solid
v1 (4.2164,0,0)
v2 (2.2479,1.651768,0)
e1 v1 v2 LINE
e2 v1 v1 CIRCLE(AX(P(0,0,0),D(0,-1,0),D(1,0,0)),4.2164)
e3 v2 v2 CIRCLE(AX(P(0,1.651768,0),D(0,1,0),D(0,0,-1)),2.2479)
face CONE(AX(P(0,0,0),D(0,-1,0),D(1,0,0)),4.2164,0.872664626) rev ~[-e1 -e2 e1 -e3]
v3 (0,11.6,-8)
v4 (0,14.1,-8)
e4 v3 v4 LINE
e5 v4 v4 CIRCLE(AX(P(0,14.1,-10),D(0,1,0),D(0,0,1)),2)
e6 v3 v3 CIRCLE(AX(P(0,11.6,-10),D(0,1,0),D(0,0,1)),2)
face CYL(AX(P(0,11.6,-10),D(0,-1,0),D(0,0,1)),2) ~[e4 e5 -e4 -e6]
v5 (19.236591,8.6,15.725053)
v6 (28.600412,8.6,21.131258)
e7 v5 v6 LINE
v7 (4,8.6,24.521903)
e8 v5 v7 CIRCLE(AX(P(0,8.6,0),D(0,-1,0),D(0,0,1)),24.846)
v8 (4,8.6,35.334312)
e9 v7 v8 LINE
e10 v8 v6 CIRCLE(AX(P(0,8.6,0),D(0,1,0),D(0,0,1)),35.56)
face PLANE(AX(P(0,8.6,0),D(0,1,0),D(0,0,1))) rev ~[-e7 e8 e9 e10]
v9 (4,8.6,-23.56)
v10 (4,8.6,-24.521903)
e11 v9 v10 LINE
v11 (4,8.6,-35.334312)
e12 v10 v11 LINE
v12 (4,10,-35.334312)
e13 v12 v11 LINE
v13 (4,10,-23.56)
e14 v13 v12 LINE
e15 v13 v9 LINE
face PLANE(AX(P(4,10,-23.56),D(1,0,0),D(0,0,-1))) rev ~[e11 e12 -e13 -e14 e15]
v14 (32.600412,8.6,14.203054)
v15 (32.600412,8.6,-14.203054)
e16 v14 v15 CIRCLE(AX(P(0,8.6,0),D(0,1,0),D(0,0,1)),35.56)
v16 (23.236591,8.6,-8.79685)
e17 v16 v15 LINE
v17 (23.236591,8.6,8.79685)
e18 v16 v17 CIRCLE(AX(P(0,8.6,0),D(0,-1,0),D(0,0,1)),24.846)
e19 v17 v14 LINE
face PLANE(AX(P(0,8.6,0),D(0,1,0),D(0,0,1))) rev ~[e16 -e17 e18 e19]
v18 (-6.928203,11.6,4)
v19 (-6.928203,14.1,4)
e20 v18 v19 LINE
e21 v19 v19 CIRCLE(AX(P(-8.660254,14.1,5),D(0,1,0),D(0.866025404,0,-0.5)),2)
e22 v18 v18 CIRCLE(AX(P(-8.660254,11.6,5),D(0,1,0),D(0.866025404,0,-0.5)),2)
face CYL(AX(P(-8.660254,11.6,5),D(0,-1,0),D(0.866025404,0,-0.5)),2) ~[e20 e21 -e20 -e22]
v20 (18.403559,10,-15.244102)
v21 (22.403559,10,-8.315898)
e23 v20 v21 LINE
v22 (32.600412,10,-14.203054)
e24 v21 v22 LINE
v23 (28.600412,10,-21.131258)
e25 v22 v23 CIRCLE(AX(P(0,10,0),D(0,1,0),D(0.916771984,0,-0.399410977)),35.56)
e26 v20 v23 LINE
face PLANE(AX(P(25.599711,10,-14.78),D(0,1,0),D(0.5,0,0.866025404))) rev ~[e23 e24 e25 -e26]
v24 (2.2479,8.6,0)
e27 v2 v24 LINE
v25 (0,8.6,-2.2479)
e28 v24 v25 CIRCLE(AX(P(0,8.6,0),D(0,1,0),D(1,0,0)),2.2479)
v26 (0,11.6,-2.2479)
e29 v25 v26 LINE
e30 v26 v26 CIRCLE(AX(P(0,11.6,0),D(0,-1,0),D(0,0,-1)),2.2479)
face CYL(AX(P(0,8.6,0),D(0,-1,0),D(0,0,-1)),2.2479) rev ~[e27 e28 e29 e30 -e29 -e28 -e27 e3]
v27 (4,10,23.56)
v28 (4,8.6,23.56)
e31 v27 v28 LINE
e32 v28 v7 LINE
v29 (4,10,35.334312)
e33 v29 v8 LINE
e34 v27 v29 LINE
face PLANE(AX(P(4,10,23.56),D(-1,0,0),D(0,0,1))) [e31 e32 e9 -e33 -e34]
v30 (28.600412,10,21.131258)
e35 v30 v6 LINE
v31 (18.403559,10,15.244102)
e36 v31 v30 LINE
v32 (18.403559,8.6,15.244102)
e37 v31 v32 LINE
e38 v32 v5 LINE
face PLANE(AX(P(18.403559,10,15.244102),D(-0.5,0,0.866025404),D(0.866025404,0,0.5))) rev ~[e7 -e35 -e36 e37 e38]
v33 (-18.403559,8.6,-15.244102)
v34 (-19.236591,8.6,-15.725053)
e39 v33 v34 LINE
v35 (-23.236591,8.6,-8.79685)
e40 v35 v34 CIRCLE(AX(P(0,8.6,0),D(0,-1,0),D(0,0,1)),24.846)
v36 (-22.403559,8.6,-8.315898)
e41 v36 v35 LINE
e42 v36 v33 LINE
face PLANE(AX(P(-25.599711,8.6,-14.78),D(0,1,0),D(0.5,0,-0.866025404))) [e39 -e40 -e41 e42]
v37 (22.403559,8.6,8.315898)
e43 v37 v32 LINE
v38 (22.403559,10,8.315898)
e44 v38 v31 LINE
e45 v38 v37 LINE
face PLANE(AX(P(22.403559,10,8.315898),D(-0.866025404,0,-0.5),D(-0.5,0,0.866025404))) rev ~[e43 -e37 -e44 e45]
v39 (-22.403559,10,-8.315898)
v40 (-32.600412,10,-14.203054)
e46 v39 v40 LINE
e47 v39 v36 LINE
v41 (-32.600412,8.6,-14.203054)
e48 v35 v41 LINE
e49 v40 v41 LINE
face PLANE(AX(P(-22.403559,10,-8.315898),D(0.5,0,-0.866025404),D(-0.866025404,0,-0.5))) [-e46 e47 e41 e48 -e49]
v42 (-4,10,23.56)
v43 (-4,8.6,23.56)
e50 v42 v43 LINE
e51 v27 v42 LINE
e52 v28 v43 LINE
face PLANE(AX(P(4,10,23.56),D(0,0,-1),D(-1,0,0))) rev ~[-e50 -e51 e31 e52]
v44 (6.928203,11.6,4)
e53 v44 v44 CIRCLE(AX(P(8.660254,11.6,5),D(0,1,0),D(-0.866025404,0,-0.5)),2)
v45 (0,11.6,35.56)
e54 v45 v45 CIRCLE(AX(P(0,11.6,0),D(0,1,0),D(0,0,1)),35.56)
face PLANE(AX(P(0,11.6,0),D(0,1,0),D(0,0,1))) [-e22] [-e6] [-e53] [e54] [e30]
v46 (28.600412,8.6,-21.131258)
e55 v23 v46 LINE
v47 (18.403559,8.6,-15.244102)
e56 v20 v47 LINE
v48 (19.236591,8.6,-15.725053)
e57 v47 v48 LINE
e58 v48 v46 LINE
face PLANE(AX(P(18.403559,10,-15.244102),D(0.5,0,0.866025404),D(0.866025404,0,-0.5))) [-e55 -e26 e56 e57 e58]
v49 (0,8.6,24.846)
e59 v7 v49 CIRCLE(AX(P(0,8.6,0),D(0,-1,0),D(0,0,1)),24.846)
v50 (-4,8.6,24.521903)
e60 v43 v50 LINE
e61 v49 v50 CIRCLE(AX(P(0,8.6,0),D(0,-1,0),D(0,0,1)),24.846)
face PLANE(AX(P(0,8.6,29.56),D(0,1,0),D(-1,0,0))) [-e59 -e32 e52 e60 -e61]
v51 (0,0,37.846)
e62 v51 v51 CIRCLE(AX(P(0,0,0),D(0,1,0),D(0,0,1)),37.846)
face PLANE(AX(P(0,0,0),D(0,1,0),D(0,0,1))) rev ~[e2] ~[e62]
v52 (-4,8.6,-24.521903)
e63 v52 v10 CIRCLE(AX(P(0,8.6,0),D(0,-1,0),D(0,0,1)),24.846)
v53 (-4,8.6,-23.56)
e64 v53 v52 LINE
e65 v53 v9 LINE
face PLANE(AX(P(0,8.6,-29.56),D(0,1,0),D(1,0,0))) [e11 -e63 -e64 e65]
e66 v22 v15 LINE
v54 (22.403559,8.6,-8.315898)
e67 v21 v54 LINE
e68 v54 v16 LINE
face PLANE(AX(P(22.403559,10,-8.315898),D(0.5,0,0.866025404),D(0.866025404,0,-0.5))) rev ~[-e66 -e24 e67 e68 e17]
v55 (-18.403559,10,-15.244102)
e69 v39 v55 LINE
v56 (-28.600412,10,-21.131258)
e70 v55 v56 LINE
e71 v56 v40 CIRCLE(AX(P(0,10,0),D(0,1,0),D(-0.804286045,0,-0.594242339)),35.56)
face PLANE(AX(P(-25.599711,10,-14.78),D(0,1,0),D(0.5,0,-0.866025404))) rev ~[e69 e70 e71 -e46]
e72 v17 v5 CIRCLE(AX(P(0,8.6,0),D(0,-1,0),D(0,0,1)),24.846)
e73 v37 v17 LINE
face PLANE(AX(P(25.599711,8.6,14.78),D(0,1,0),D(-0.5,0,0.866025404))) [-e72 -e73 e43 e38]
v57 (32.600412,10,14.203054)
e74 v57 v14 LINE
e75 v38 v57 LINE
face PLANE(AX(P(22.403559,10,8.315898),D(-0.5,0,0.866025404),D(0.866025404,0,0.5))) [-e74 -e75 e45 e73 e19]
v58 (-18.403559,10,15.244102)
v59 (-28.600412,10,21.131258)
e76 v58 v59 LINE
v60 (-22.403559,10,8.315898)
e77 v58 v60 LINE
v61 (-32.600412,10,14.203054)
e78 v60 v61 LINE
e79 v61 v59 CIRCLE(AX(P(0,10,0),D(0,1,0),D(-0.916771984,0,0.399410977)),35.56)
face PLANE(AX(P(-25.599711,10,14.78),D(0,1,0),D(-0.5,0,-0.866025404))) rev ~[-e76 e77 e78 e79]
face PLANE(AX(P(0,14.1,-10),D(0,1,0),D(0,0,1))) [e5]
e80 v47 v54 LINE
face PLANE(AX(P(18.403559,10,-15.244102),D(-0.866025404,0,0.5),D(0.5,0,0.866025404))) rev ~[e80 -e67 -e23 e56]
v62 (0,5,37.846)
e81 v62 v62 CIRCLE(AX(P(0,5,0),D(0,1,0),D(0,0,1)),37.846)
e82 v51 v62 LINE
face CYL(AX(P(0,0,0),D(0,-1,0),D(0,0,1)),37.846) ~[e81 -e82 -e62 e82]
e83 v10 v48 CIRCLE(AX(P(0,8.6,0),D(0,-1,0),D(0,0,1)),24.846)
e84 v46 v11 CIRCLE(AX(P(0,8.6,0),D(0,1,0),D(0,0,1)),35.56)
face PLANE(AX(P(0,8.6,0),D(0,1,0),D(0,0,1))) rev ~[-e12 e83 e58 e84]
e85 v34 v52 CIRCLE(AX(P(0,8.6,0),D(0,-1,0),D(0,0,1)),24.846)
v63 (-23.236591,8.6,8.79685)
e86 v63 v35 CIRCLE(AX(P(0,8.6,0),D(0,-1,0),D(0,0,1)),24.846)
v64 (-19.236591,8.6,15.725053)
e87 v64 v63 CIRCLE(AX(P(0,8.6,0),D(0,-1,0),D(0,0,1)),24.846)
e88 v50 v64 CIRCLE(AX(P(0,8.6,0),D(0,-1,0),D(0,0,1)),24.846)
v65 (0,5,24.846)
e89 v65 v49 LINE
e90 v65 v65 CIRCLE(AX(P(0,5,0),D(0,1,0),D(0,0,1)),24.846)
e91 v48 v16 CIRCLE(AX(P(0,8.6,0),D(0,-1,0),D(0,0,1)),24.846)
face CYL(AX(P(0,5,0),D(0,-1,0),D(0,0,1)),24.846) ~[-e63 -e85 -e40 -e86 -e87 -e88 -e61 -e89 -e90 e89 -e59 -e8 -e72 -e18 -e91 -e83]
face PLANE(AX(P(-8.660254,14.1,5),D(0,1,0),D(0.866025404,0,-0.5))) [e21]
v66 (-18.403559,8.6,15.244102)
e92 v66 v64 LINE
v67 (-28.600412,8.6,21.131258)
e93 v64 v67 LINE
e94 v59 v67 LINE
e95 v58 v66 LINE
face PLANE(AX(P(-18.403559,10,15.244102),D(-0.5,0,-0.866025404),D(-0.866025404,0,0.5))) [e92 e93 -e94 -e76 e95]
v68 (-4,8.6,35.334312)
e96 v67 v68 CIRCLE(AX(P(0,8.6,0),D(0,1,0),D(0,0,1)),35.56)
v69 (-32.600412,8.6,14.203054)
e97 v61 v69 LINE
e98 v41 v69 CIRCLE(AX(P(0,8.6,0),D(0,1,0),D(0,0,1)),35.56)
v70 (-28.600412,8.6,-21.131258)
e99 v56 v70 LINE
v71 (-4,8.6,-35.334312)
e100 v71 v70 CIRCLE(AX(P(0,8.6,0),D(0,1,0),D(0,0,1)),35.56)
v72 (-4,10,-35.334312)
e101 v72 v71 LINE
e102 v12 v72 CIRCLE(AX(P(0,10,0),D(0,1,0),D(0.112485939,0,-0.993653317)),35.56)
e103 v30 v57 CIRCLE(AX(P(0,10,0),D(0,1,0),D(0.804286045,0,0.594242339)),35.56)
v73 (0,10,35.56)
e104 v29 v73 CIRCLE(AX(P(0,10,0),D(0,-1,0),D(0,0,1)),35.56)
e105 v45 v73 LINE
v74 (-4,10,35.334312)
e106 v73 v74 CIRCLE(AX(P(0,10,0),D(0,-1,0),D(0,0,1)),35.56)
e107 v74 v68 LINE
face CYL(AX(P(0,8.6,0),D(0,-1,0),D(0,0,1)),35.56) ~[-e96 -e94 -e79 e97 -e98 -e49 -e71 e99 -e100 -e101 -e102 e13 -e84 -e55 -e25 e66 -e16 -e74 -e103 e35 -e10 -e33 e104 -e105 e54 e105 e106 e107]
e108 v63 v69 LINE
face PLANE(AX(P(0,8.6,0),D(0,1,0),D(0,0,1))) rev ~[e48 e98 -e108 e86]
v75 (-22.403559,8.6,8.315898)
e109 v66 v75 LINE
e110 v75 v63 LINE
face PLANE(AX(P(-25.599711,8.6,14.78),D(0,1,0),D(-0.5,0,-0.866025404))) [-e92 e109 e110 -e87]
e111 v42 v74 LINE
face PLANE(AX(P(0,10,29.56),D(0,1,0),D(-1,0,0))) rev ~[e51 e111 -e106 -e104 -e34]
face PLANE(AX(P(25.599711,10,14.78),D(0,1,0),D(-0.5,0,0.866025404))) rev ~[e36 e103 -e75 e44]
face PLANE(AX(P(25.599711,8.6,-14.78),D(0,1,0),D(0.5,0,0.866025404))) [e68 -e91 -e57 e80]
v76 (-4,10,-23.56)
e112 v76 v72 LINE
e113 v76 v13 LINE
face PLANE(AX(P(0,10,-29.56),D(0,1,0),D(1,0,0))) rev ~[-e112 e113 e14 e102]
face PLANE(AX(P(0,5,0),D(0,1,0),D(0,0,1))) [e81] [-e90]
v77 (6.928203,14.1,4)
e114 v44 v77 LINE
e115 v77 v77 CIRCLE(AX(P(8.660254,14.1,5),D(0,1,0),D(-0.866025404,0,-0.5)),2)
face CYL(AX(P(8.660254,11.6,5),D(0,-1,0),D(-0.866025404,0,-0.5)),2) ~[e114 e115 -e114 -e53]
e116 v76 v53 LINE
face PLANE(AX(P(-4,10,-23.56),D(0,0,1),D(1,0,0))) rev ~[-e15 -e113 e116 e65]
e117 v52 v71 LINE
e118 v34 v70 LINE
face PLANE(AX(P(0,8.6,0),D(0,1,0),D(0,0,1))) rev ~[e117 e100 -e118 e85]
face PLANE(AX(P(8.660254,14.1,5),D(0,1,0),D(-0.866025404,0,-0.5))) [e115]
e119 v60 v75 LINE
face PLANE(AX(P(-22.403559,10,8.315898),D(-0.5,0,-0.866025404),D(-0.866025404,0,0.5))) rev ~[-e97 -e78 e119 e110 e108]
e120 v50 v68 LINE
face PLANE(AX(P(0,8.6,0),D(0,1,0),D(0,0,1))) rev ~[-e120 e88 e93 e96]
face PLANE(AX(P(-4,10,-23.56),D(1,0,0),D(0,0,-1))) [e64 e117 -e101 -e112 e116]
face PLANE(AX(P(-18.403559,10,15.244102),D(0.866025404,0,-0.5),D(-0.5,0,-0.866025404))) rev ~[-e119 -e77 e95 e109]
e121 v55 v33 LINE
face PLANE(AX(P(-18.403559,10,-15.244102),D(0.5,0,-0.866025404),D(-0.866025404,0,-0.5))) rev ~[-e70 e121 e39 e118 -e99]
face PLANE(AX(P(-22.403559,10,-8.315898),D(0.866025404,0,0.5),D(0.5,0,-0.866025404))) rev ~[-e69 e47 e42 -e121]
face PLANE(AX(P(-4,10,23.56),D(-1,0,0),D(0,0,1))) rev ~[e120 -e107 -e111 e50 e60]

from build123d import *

# Parameters (mm, degrees)
SKETCH1_R                                         = 37.846
BOSS_EXTRUDE1_DEPTH                               = 5
SKETCH2_R                                         = 24.846
BOSS_EXTRUDE2_DEPTH                               = 5
SKETCH3_R                                         = 35.56
BOSS_EXTRUDE3_DEPTH                               = 1.6
SKETCH4_R                                         = 2
BOSS_EXTRUDE4_DEPTH                               = 2.5
CIRPATTERN1_COUNT                                 = 3
CSK_FOR_8_FLAT_HEAD_MACHINE_SCREW_100_D           = 4.4958
CSK_FOR_8_FLAT_HEAD_MACHINE_SCREW_100_CSINK_D     = 8.4328
CSK_FOR_8_FLAT_HEAD_MACHINE_SCREW_100_CSINK_ANGLE = 100
BOSS_EXTRUDE5_START                               = -3
SKETCH7_R                                         = 35.56
BOSS_EXTRUDE5_DEPTH                               = 3
CUT_EXTRUDE1_START                                = -1.6
SKETCH8_W                                         = 8
SKETCH8_H                                         = 12
CUT_EXTRUDE1_DEPTH                                = 1.4
CIRPATTERN2_COUNT                                 = 6
SKETCH9_R                                         = 2.2479
CUT_EXTRUDE2_DEPTH                                = 55.208850126


with BuildPart() as part:
    # Sketch1 → Boss-Extrude1 (new body)
    with BuildSketch(Plane(origin=(0, 0, 0), x_dir=(1, 0, 0), z_dir=(0, 1, 0))):
        with Locations(Location((0, 0, 0), (0, 0, 270))):
            Circle(SKETCH1_R)
    extrude(amount=BOSS_EXTRUDE1_DEPTH)

    # Sketch2 → Boss-Extrude2 (add)
    with BuildSketch(Plane(origin=(0, 5, 0), x_dir=(1, 0, 0), z_dir=(0, 1, 0))):
        with Locations(Location((0, 0, 0), (0, 0, 270))):
            Circle(SKETCH2_R)
    extrude(amount=BOSS_EXTRUDE2_DEPTH)

    # Sketch3 → Boss-Extrude3 (add)
    with BuildSketch(Plane(origin=(0, 10, 0), x_dir=(1, 0, 0), z_dir=(0, 1, 0))):
        with Locations(Location((0, 0, 0), (0, 0, 270))):
            Circle(SKETCH3_R)
    extrude(amount=BOSS_EXTRUDE3_DEPTH)

    # Sketch4 → Boss-Extrude4 (add)
    with BuildSketch(Plane(origin=(0, 11.6, 0), x_dir=(1, 0, 0), z_dir=(0, 1, 0))):
        with Locations(Location((0, 10, 0), (0, 0, 270))):
            Circle(SKETCH4_R)
    boss_extrude4 = extrude(amount=BOSS_EXTRUDE4_DEPTH)

    # CirPattern1: Boss-Extrude4 ×3 about axis
    cirpattern1_axis = Axis((0, 0, 0), (0, 1, 0))
    for i in range(1, CIRPATTERN1_COUNT):
        add(boss_extrude4.rotate(cirpattern1_axis, i * 360 / CIRPATTERN1_COUNT))

    # CSK for #8 Flat Head Machine Screw (100)1 (through all)
    with Locations(Plane(origin=(0, 0, 0), x_dir=(-1, 0, 0), z_dir=(0, -1, 0))):
        with Locations((0, 0)):
            CounterSinkHole(CSK_FOR_8_FLAT_HEAD_MACHINE_SCREW_100_D / 2, CSK_FOR_8_FLAT_HEAD_MACHINE_SCREW_100_CSINK_D / 2, counter_sink_angle=CSK_FOR_8_FLAT_HEAD_MACHINE_SCREW_100_CSINK_ANGLE)

    # Sketch7 → Boss-Extrude5 (add)
    with BuildSketch(Plane(origin=(0, 11.6, 0), x_dir=(1, 0, 0), z_dir=(0, 1, 0)).offset(BOSS_EXTRUDE5_START)):
        with Locations(Location((0, 0, 0), (0, 0, 270))):
            Circle(SKETCH7_R)
    extrude(amount=BOSS_EXTRUDE5_DEPTH)

    # Sketch8 → Cut-Extrude1 (cut)
    with BuildSketch(Plane(origin=(0, 11.6, 0), x_dir=(1, 0, 0), z_dir=(0, 1, 0)).offset(CUT_EXTRUDE1_START)):
        with Locations((0, 29.56)):
            Rectangle(SKETCH8_W, SKETCH8_H)
    cut_extrude1 = extrude(amount=-CUT_EXTRUDE1_DEPTH, mode=Mode.SUBTRACT)

    # CirPattern2: Cut-Extrude1 ×6 about axis
    cirpattern2_axis = Axis((0, 0, 0), (0, 1, 0))
    for i in range(1, CIRPATTERN2_COUNT):
        add(cut_extrude1.rotate(cirpattern2_axis, i * 360 / CIRPATTERN2_COUNT), mode=Mode.SUBTRACT)

    # Sketch9 → Cut-Extrude2 (cut, through all)
    with BuildSketch(Plane.XZ.offset(-8.6)):
        with Locations(Location((0, 0, 0), (0, 0, 270))):
            Circle(SKETCH9_R)
    extrude(amount=-CUT_EXTRUDE2_DEPTH, mode=Mode.SUBTRACT)


solid = part.part
